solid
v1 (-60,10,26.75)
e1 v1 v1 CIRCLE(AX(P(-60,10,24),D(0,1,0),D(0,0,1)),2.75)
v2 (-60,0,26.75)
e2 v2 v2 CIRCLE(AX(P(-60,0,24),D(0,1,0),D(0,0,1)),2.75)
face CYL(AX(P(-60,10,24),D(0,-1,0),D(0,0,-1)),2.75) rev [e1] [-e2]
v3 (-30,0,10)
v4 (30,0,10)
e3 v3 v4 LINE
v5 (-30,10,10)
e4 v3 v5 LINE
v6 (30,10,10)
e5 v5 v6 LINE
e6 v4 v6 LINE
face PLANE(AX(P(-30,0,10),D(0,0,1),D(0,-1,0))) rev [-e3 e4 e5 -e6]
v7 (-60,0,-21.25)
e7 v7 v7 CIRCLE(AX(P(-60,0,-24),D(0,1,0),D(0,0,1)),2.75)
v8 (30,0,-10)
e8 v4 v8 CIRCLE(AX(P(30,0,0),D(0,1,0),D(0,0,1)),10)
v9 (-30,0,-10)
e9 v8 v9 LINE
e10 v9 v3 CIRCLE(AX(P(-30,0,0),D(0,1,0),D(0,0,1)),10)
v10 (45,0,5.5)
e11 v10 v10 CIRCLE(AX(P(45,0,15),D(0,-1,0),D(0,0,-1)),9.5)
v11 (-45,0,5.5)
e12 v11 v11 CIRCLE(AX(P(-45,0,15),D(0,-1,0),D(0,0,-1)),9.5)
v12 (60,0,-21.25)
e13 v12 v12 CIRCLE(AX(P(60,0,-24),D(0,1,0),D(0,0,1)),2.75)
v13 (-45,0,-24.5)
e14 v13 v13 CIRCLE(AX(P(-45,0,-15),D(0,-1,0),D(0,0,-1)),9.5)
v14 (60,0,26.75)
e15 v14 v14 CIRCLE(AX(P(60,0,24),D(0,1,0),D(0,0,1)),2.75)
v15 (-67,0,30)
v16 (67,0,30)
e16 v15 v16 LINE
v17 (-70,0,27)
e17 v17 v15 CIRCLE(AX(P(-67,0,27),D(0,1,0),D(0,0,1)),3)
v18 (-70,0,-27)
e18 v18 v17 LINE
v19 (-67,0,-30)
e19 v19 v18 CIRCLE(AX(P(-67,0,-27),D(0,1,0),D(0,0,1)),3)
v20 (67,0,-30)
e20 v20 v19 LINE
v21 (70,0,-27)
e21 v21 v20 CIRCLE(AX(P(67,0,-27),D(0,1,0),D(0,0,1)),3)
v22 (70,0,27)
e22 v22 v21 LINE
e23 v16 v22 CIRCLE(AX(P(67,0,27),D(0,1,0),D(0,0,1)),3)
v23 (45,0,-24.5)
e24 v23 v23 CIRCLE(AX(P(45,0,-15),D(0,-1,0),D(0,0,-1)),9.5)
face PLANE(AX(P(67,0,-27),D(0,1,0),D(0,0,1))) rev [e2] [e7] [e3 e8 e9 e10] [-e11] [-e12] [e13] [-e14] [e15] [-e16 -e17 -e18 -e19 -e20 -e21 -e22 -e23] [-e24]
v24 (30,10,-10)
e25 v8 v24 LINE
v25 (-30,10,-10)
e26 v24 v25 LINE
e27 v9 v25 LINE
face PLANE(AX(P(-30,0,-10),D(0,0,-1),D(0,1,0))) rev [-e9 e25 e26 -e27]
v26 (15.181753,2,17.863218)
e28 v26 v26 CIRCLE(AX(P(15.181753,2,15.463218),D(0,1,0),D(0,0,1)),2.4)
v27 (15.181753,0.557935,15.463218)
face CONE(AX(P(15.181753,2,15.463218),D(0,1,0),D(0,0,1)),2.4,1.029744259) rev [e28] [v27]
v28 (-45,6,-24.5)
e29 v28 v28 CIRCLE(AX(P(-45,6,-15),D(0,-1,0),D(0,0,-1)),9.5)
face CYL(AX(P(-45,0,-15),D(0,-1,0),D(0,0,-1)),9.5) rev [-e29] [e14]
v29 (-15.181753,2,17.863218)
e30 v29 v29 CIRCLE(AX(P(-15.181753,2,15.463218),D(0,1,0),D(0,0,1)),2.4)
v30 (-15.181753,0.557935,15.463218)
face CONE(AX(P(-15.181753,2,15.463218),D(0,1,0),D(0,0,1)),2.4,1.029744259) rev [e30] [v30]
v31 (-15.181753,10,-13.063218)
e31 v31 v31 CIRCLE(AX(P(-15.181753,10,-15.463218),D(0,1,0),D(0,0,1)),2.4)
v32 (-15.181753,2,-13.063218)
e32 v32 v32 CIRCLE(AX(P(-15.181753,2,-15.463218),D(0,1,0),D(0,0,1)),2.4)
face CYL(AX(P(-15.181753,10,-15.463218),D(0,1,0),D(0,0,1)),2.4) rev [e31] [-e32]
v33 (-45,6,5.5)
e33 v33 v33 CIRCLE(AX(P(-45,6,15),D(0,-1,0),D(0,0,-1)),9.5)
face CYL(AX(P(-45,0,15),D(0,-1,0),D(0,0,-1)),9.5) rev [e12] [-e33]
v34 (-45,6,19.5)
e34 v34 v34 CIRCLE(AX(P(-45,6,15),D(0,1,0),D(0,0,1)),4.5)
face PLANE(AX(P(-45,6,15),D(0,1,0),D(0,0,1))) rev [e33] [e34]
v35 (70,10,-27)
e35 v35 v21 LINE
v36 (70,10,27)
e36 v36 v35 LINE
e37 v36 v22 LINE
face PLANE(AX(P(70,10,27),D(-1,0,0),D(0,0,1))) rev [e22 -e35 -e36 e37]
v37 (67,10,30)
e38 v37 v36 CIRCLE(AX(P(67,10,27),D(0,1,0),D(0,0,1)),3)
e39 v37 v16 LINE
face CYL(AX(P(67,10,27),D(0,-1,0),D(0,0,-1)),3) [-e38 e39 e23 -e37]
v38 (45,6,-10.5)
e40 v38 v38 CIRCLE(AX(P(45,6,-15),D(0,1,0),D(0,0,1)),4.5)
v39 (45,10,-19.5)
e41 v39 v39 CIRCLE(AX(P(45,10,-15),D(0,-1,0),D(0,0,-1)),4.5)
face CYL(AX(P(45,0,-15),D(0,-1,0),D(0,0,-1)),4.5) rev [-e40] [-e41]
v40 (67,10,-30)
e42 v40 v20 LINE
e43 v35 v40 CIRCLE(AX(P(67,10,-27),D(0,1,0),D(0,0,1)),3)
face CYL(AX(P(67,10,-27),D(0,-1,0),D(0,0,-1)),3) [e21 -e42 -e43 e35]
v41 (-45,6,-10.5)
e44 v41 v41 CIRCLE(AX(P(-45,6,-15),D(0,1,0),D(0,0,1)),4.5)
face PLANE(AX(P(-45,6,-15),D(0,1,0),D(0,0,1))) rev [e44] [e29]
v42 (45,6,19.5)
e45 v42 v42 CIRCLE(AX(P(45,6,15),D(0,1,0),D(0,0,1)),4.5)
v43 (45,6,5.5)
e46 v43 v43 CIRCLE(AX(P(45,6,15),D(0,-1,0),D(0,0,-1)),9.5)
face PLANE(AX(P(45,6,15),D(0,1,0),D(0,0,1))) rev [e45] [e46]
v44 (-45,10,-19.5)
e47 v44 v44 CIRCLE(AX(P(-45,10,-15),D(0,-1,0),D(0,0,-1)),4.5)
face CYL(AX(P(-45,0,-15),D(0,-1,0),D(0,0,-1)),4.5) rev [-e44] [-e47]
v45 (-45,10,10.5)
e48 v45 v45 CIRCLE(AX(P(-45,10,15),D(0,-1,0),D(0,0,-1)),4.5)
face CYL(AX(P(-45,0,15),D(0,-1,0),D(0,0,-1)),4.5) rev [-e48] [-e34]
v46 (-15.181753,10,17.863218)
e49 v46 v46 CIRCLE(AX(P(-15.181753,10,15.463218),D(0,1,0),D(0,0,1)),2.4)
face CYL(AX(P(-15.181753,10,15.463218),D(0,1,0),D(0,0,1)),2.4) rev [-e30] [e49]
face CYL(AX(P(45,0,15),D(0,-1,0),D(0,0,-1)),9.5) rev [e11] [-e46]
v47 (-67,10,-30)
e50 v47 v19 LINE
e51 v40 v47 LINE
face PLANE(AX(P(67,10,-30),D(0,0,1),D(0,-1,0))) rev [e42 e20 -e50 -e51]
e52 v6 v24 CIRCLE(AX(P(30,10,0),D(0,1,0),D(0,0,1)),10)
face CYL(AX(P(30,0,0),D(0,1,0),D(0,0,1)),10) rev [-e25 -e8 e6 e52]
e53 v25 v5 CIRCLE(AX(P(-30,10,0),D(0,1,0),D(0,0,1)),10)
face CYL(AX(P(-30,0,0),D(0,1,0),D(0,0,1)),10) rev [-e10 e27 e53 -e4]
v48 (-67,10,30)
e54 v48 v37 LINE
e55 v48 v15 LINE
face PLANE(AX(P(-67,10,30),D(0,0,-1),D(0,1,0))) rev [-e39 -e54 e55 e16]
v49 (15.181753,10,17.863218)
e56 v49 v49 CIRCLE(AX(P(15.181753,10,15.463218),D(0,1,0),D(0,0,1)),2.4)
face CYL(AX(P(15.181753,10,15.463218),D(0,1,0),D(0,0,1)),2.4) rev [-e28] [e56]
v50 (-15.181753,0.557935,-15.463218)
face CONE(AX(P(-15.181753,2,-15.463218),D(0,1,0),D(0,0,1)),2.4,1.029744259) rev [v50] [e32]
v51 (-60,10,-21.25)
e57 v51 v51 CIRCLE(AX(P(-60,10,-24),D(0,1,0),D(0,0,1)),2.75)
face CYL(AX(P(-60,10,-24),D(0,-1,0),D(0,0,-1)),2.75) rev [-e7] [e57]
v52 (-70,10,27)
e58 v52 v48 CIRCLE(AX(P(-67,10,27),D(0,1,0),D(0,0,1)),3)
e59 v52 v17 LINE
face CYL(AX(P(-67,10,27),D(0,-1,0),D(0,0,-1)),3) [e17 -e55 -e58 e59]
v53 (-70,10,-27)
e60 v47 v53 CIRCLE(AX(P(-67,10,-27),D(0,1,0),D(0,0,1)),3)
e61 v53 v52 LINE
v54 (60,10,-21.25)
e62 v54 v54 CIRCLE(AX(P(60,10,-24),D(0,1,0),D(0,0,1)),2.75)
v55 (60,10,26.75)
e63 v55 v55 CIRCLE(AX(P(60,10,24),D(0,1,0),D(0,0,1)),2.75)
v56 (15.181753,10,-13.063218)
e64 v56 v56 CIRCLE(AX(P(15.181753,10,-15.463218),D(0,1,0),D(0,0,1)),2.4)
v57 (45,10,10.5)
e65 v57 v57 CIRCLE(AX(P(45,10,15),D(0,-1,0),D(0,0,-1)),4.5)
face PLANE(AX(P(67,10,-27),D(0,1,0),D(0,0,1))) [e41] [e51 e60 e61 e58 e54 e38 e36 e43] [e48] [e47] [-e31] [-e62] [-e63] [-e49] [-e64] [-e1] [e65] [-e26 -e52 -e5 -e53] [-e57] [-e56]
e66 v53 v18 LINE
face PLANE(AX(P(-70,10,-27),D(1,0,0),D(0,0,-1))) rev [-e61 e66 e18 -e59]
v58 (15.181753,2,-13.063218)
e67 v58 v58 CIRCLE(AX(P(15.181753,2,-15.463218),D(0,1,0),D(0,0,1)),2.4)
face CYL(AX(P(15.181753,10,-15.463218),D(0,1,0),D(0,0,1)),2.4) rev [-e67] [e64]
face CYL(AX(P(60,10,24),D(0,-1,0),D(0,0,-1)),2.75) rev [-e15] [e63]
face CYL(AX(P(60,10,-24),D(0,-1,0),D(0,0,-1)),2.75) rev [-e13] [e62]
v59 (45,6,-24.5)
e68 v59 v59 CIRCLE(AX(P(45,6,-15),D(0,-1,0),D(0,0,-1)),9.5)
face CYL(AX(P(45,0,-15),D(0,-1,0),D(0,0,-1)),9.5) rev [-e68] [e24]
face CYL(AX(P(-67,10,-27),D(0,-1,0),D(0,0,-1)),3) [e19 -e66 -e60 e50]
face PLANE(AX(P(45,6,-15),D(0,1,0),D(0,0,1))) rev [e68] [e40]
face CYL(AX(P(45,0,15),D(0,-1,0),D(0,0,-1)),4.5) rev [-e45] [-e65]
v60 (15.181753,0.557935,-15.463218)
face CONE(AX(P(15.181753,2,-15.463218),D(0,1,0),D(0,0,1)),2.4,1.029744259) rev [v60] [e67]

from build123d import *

# Parameters (mm, degrees)
SKETCH1_R                  = 2.75
SKETCH1_W                  = 130
SKETCH1_H                  = 38
BOSS_EXTRUDE1_DEPTH        = 10
SKETCH1_2_W                = 130
SKETCH1_2_H                = 38
BOSS_EXTRUDE2_DEPTH        = 10
M3_5_CLEARANCE_HOLE1_D     = 4.8
M3_5_CLEARANCE_HOLE1_DEPTH = 8
M3_5_CLEARANCE_HOLE1_TIP   = 1.442065486
CUT_EXTRUDE1_DEPTH         = 10
M16_CLEARANCE_HOLE1_D      = 19
M16_CLEARANCE_HOLE1_DEPTH  = 6
M8_CLEARANCE_HOLE1_D       = 9


with BuildPart() as part:
    # Sketch1 → Boss-Extrude1 (new body)
    with BuildSketch(Plane(origin=(0, 0, 0), x_dir=(1, 0, 0), z_dir=(0, 1, 0))):
        with BuildLine():
            Line((67, 30), (-67, 30))
            ThreePointArc((-67, 30), (-69.121320344, 29.121320344), (-70, 27))
            Line((-70, 27), (-70, -27))
            ThreePointArc((-70, -27), (-69.121320344, -29.121320344), (-67, -30))
            Line((-67, -30), (67, -30))
            ThreePointArc((67, -30), (69.121320344, -29.121320344), (70, -27))
            Line((70, -27), (70, 27))
            ThreePointArc((70, 27), (69.121320344, 29.121320344), (67, 30))
        make_face()
        with Locations(Location((-60, 24, 0), (0, 0, 270))):
            Circle(SKETCH1_R, mode=Mode.SUBTRACT)
        with Locations(Location((-60, -24, 0), (0, 0, 270))):
            Circle(SKETCH1_R, mode=Mode.SUBTRACT)
        with Locations(Location((60, -24, 0), (0, 0, 270))):
            Circle(SKETCH1_R, mode=Mode.SUBTRACT)
        with Locations(Location((60, 24, 0), (0, 0, 270))):
            Circle(SKETCH1_R, mode=Mode.SUBTRACT)
        Rectangle(SKETCH1_W, SKETCH1_H, mode=Mode.SUBTRACT)
    extrude(amount=BOSS_EXTRUDE1_DEPTH)

    # Sketch1<2> → Boss-Extrude2 (add)
    with BuildSketch(Plane(origin=(0, 0, 0), x_dir=(1, 0, 0), z_dir=(0, 1, 0))):
        Rectangle(SKETCH1_2_W, SKETCH1_2_H)
    extrude(amount=BOSS_EXTRUDE2_DEPTH)

    # M3.5 Clearance Hole1
    with Locations(Plane(origin=(0, 10, 0), x_dir=(1, 0, 0), z_dir=(0, 1, 0))):
        with Locations((0, 0), (-15.181752664, -15.463217926), (15.181752664, 15.463217926), (15.181752664, -15.463217926), (-15.181752664, 15.463217926)):
            Hole(M3_5_CLEARANCE_HOLE1_D / 2, depth=M3_5_CLEARANCE_HOLE1_DEPTH)
            with Locations((0, 0, -(M3_5_CLEARANCE_HOLE1_DEPTH + M3_5_CLEARANCE_HOLE1_TIP / 2))):  # 118° drill point
                Cone(0, M3_5_CLEARANCE_HOLE1_D / 2, M3_5_CLEARANCE_HOLE1_TIP, mode=Mode.SUBTRACT)

    # Sketch6 → Cut-Extrude1 (cut)
    with BuildSketch(Plane(origin=(0, 10, 0), x_dir=(1, 0, 0), z_dir=(0, 1, 0))):
        with BuildLine():
            Line((-30, 10), (30, 10))
            ThreePointArc((30, 10), (40, 0), (30, -10))
            Line((30, -10), (-30, -10))
            ThreePointArc((-30, -10), (-40, 0), (-30, 10))
        make_face()
    extrude(amount=-CUT_EXTRUDE1_DEPTH, mode=Mode.SUBTRACT)

    # M16 Clearance Hole1
    with Locations(Plane(origin=(0, 0, 0), x_dir=(-1, 0, 0), z_dir=(0, -1, 0))):
        with Locations((0, 0), (-45, -15), (45, 15), (45, -15), (-45, 15)):
            Hole(M16_CLEARANCE_HOLE1_D / 2, depth=M16_CLEARANCE_HOLE1_DEPTH)

    # M8 Clearance Hole1 (through all)
    with Locations(Plane(origin=(0, 0, 0), x_dir=(-1, 0, 0), z_dir=(0, -1, 0))):
        with Locations((45, -15), (45, 15), (-45, 15), (-45, -15)):
            Hole(M8_CLEARANCE_HOLE1_D / 2)


solid = part.part
